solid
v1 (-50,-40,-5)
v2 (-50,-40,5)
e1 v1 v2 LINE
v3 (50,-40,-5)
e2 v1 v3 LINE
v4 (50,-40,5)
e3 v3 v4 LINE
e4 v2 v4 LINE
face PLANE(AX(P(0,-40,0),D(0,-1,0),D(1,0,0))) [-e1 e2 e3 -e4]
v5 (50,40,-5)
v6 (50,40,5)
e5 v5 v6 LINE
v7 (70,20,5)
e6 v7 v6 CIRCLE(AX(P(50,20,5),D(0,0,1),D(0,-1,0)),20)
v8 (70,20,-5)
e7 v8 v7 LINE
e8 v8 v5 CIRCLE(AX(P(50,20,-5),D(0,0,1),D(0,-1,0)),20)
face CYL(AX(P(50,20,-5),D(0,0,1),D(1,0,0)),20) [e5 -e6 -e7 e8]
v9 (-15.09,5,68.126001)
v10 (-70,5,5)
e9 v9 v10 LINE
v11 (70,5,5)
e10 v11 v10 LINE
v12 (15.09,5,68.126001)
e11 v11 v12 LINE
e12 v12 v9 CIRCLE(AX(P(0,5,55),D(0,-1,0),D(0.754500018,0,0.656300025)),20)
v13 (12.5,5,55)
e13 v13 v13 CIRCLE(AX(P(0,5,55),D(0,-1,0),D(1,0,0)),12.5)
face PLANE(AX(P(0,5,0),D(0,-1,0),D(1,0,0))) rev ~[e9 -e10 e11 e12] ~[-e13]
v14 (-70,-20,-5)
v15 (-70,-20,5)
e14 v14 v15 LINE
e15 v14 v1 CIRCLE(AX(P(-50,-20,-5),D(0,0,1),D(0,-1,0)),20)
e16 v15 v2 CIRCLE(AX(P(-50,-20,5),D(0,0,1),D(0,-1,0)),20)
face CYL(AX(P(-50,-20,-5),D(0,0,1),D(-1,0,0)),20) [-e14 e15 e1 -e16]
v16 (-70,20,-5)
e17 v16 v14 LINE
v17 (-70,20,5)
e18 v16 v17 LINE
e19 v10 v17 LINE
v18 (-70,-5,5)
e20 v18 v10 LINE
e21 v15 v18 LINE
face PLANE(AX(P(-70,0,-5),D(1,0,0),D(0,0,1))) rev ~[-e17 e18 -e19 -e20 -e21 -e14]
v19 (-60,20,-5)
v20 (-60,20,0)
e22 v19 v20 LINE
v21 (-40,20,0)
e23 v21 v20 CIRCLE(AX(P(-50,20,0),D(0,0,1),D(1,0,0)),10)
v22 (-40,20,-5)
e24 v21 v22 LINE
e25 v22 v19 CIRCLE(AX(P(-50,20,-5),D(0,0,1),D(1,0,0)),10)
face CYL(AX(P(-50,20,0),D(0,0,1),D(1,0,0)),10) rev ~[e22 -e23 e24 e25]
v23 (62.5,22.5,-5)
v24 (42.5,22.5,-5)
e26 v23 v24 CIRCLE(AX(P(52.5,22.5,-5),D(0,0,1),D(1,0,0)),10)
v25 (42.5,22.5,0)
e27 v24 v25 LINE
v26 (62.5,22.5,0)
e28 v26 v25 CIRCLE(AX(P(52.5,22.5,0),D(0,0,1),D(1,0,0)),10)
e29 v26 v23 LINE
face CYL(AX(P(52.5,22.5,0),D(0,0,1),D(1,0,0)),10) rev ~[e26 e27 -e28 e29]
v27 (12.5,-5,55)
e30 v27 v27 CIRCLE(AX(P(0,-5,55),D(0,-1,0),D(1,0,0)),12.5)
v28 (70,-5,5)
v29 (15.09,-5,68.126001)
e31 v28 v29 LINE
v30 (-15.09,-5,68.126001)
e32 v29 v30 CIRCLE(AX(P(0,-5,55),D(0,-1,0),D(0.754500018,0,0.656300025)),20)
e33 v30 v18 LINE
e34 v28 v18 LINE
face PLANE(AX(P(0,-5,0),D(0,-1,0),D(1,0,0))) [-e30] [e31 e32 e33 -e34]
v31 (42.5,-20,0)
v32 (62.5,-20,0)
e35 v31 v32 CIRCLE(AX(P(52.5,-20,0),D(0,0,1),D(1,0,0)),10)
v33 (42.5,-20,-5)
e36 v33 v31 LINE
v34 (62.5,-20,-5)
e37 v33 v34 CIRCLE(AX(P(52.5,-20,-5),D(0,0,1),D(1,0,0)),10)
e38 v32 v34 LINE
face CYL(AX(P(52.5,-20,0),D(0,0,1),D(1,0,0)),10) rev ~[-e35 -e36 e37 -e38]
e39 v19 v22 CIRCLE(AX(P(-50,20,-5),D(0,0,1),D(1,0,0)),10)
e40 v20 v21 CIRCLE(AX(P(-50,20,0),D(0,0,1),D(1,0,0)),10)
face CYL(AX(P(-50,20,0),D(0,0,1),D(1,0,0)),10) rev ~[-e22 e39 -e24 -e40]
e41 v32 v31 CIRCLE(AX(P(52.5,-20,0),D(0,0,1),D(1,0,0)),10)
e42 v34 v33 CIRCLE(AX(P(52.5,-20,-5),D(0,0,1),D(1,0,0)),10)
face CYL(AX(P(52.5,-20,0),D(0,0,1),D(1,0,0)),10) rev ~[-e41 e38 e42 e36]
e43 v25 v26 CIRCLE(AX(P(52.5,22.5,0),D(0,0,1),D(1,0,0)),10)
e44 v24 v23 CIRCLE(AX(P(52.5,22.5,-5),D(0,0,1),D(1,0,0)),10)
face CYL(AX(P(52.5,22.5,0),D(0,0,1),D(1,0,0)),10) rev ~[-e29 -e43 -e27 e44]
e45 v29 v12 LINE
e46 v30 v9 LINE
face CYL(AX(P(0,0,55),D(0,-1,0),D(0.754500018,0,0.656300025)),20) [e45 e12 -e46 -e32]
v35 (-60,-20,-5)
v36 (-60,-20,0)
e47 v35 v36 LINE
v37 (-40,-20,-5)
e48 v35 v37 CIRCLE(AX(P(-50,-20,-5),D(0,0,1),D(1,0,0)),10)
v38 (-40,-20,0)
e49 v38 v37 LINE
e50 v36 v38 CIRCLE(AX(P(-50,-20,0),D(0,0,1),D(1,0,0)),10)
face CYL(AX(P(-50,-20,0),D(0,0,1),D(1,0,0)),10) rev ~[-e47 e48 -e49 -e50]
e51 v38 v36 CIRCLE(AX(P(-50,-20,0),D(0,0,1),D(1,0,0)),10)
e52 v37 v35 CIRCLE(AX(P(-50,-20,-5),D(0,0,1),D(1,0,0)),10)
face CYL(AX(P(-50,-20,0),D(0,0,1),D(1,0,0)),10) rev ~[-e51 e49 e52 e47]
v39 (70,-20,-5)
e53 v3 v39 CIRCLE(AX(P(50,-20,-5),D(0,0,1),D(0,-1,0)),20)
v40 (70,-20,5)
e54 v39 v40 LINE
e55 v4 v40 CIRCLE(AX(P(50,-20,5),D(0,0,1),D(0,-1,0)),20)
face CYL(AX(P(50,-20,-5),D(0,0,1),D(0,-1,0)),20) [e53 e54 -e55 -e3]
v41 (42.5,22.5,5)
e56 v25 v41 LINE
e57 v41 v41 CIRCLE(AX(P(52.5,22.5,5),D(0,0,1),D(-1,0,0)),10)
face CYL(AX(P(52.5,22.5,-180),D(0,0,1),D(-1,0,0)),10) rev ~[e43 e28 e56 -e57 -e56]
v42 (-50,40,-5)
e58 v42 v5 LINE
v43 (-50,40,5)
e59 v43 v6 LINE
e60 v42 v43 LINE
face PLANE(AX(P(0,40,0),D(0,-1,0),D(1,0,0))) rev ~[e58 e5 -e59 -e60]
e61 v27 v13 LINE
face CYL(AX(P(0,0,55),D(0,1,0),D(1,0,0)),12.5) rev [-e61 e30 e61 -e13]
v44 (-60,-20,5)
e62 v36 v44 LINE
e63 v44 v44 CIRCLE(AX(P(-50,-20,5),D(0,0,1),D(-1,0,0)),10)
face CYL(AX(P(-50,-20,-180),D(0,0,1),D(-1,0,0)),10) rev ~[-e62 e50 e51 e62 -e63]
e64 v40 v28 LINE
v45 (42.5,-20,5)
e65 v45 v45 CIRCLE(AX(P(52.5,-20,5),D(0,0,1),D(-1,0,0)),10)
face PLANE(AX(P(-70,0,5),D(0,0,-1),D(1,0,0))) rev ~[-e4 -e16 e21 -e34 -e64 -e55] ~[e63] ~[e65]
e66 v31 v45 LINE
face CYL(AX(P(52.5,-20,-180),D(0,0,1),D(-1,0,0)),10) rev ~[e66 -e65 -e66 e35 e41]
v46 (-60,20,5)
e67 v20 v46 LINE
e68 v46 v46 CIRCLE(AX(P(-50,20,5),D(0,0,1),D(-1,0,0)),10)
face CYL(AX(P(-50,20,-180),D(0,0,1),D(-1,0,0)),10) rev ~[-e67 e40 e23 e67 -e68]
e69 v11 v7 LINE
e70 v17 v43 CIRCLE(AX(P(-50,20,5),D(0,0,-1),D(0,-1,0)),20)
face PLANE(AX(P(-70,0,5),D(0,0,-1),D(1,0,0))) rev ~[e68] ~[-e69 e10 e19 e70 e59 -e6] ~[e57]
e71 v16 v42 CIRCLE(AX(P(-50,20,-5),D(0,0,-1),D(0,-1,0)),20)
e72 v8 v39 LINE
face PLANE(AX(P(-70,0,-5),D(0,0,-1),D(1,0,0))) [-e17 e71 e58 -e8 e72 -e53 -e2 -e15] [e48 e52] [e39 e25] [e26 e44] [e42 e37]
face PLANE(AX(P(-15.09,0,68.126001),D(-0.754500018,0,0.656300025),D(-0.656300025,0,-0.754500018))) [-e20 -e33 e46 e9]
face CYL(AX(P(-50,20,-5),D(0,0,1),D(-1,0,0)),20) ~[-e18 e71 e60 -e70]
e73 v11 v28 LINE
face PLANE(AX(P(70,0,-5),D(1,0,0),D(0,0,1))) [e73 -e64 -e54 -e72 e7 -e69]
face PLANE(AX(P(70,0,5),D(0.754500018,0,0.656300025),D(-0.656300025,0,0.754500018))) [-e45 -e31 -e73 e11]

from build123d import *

# Parameters (mm, degrees)
F0_W     = 140
F0_H     = 10
F1_DEPTH = 40
F0_R     = 12.5
F2_DEPTH = 5
F3_R     = 20
F5_D     = 20
F5_DEPTH = 5.001
F6_D     = 20
F7_D     = 20
F7_DEPTH = 5.001
F8_D     = 20
F9_D     = 20
F9_DEPTH = 5.001
F10_D    = 20


with BuildPart() as f1:
    # F0 (on Front) → F1 (new body, symmetric)
    with BuildSketch(Plane.XZ):
        Rectangle(F0_W, F0_H)
    extrude(amount=F1_DEPTH, both=True)

    # F0 (on Front) → F2 (join, symmetric)
    with BuildSketch(Plane.XZ):
        Rectangle(F0_W, F0_H)
        with BuildLine():
            Line((-70, 5), (70, 5))
            Line((70, 5), (15.0900003586, 68.126000502))
            ThreePointArc((15.0900003586, 68.126000502), (0, 75), (-15.0900003586, 68.126000502))
            Line((-15.0900003586, 68.126000502), (-70, 5))
        make_face()
        with Locations((0, 55)):
            Circle(F0_R, mode=Mode.SUBTRACT)
    extrude(amount=F2_DEPTH, both=True)

    # F3
    f3_edges = [f1.edges().sort_by_distance(p)[0] for p in [
        (-70, 40, 0),
        (-70, -40, 0),
        (70, 40, 0),
        (70, -40, 0),
    ]]
    fillet(f3_edges, radius=F3_R)

    # F5 (through all, one way)
    with BuildSketch(Plane.XY):
        with Locations((52.5, 22.5)):
            Circle(F5_D / 2)
    extrude(amount=-F5_DEPTH, mode=Mode.SUBTRACT)

    # F6 (through all)
    with Locations(Plane(origin=(0, 0, 0), x_dir=(1, 0, 0), z_dir=(0, 0, -1))):
        with Locations((52.5, -22.5)):
            Hole(F6_D / 2)

    # F7 (through all, one way)
    with BuildSketch(Plane.XY):
        with Locations((-50, 20)):
            Circle(F7_D / 2)
    extrude(amount=-F7_DEPTH, mode=Mode.SUBTRACT)

    # F8 (through all)
    with Locations(Plane(origin=(0, 0, 0), x_dir=(1, 0, 0), z_dir=(0, 0, -1))):
        with Locations((-50, -20)):
            Hole(F8_D / 2)

    # F9 (through all, one way)
    with BuildSketch(Plane.XY):
        with Locations((-50, -20), (52.5, -20)):
            Circle(F9_D / 2)
    extrude(amount=-F9_DEPTH, mode=Mode.SUBTRACT)

    # F10 (through all)
    with Locations(Plane(origin=(0, 0, 0), x_dir=(1, 0, 0), z_dir=(0, 0, -1))):
        with Locations((-50, 20), (52.5, 20)):
            Hole(F10_D / 2)


solid = f1.part
